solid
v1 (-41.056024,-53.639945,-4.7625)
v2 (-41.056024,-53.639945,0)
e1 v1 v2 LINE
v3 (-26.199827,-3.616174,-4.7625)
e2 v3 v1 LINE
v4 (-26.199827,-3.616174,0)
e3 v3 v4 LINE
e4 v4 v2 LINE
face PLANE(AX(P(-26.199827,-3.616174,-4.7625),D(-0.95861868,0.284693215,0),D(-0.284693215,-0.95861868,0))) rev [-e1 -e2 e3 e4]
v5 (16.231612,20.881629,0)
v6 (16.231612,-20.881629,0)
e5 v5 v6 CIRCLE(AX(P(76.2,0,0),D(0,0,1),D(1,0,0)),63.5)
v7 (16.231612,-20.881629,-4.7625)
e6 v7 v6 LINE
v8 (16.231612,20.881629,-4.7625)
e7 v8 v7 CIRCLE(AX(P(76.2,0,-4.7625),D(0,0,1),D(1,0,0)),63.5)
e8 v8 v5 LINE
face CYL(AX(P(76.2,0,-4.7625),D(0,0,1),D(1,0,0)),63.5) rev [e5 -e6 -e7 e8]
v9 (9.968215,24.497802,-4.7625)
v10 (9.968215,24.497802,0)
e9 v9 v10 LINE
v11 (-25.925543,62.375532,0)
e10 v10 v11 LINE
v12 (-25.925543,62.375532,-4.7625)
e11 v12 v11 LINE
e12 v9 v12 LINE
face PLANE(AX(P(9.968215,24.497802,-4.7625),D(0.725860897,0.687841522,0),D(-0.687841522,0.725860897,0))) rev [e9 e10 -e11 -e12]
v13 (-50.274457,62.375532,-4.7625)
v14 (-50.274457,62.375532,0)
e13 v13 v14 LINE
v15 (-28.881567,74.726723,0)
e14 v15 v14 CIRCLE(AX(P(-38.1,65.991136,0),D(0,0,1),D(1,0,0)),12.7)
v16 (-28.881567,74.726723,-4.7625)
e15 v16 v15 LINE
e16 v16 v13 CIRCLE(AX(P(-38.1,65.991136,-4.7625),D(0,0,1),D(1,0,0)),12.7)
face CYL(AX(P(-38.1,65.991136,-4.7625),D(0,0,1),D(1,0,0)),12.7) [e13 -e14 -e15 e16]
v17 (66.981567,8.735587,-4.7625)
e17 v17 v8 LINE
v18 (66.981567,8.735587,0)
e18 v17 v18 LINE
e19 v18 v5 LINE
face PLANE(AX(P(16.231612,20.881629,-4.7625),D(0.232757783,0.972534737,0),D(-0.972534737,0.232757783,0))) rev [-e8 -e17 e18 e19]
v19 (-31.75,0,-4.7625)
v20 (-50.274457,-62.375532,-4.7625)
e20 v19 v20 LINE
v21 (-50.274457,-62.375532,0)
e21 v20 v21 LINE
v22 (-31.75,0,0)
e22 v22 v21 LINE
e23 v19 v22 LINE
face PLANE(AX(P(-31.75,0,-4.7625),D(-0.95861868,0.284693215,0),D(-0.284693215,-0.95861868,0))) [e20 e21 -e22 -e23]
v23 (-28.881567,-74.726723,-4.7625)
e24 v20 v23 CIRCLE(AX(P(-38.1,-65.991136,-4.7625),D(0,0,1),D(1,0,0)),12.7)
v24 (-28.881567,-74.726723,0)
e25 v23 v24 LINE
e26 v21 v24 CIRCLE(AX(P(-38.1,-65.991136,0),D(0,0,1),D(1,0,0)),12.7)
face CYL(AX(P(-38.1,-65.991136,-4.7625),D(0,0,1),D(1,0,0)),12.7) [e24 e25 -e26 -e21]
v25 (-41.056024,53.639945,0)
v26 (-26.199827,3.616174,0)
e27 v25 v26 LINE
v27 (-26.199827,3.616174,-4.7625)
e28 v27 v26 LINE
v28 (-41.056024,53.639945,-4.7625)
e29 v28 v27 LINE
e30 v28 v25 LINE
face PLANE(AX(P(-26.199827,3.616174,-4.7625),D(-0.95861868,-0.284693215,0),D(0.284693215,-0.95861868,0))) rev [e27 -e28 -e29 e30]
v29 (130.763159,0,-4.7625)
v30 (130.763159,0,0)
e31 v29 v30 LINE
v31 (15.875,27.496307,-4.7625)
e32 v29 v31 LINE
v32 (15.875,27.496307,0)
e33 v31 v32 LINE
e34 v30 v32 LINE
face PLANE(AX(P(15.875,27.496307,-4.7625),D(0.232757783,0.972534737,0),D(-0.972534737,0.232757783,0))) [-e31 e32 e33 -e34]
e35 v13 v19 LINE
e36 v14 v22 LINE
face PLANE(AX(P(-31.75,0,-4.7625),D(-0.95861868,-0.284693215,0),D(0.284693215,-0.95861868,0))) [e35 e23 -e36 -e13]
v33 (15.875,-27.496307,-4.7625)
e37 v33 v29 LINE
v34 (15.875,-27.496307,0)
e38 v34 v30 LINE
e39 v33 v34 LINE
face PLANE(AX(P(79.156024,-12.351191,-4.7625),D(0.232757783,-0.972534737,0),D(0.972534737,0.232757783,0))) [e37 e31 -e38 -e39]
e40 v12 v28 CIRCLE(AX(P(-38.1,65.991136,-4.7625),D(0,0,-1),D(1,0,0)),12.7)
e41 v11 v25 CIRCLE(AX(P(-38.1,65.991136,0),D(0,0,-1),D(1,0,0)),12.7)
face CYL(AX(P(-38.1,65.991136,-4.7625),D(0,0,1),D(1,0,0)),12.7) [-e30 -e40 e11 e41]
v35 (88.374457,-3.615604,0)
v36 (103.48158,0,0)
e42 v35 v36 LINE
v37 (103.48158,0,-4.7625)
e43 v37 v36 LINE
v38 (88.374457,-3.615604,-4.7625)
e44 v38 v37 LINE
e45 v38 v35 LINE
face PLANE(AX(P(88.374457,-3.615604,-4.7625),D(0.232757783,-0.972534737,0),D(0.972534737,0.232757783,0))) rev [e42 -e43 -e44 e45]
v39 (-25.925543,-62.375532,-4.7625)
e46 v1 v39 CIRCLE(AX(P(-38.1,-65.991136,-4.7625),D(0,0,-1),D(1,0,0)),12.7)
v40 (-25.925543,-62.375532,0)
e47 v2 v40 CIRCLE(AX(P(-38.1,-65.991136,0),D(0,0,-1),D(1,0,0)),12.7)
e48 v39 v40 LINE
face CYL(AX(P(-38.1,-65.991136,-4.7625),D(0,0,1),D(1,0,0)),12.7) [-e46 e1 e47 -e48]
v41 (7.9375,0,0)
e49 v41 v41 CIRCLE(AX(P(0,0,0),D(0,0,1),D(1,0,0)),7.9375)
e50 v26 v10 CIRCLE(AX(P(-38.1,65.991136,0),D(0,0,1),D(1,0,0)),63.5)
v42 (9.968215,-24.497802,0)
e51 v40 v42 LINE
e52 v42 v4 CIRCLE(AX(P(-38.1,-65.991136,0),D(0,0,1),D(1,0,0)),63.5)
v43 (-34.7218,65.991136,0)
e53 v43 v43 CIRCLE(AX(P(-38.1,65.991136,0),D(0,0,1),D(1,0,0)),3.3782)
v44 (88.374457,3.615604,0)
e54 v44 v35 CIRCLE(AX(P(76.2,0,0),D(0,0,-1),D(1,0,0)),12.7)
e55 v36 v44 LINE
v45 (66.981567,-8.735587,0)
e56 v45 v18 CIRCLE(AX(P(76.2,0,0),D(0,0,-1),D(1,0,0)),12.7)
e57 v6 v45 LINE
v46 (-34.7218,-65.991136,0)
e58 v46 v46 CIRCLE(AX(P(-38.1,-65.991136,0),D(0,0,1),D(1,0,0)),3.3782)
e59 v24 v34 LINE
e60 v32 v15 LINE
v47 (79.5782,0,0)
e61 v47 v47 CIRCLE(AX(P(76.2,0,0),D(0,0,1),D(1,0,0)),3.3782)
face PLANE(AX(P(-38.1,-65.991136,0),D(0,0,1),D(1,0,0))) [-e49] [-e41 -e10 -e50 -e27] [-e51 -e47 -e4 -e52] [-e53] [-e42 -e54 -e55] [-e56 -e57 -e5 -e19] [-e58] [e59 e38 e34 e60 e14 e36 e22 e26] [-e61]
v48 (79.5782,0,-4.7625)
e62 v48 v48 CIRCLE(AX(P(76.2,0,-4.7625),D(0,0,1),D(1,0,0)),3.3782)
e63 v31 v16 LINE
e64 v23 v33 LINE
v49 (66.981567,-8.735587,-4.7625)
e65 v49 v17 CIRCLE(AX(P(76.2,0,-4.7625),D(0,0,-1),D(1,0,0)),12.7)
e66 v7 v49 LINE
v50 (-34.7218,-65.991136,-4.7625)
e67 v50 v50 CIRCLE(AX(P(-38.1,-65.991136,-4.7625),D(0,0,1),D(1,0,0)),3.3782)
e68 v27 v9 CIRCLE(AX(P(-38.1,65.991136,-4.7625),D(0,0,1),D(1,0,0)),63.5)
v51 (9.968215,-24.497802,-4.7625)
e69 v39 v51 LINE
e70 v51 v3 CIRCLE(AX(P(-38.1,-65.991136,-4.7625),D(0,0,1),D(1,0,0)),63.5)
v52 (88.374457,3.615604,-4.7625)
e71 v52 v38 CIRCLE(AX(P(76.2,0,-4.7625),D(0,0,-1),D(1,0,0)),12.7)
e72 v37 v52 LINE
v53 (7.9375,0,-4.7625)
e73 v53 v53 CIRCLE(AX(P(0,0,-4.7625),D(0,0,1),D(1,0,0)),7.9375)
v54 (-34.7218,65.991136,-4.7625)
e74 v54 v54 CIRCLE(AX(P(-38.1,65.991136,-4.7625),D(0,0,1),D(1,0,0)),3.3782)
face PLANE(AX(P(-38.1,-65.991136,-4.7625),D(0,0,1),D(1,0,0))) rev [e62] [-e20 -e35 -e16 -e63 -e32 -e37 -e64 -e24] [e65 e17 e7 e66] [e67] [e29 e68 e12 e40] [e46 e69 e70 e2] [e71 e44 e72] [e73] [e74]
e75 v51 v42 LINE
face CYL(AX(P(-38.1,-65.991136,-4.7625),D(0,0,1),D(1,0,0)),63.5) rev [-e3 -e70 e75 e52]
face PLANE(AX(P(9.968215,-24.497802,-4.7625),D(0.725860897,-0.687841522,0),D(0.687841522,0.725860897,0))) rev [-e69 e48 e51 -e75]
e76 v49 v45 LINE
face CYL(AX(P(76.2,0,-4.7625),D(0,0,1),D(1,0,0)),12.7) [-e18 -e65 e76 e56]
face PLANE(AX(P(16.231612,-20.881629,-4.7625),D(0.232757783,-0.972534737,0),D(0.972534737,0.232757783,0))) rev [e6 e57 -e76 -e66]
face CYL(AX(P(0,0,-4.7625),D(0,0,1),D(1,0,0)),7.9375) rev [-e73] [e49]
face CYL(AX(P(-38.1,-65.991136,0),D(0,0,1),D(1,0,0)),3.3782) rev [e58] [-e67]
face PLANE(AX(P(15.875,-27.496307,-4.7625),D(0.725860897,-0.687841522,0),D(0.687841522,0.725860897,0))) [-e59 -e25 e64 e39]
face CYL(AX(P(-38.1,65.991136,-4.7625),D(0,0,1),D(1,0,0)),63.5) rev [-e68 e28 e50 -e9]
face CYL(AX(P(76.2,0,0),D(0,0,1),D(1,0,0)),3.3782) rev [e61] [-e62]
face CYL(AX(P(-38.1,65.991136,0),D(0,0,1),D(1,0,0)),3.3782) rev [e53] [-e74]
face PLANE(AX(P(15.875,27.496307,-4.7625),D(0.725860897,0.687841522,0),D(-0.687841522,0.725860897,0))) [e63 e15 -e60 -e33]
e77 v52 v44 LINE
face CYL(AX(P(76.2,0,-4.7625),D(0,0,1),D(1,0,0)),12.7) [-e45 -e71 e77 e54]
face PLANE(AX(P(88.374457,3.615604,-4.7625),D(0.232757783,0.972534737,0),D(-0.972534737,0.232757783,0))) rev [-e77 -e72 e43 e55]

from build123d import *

# Parameters (mm, degrees)
SKETCH1_R                = 7.9375
BOSS_EXTRUDE1_DEPTH      = 4.7625
H_0_266_DIAMETER_HOLE1_D = 6.7564


with BuildPart() as part:
    # Sketch1 → Boss-Extrude1 (new body)
    with BuildSketch(Plane.XY):
        with BuildLine():
            Line((-31.75, 0), (-50.274457233, 62.375531935))
            ThreePointArc((-50.274457233, 62.375531935), (-44.45, 76.989658396), (-28.881566614, 74.726723093))
            Line((-28.881566614, 74.726723093), (15.875, 27.49630657))
            Line((15.875, 27.49630657), (78.9111987, 12.409785423))
            Line((78.9111987, 12.409785423), (130.763159277, 0))
            Line((130.763159277, 0), (79.156023847, -12.351191158))
            Line((79.156023847, -12.351191158), (15.875, -27.49630657))
            Line((15.875, -27.49630657), (-28.881566614, -74.726723093))
            ThreePointArc((-28.881566614, -74.726723093), (-44.45, -76.989658396), (-50.274457233, -62.375531935))
            Line((-50.274457233, -62.375531935), (-31.75, 0))
        make_face()
        Circle(SKETCH1_R, mode=Mode.SUBTRACT)
        with BuildLine():
            Line((9.968214912, 24.497802386), (-25.925542767, 62.375531935))
            ThreePointArc((-25.925542767, 62.375531935), (-31.75, 54.99261314), (-41.056023847, 53.639944611))
            Line((-41.056023847, 53.639944611), (-26.199826659, 3.616173849))
            ThreePointArc((-26.199826659, 3.616173849), (-6.35, 10.998522628), (9.968214912, 24.497802386))
        make_face(mode=Mode.SUBTRACT)
        with BuildLine():
            Line((16.231611747, 20.881628537), (66.981566614, 8.735587325))
            ThreePointArc((66.981566614, 8.735587325), (63.5, 0), (66.981566614, -8.735587325))
            Line((66.981566614, -8.735587325), (16.231611747, -20.881628537))
            ThreePointArc((16.231611747, -20.881628537), (12.7, 0), (16.231611747, 20.881628537))
        make_face(mode=Mode.SUBTRACT)
        with BuildLine():
            Line((88.374457233, 3.615603833), (103.481579639, 0))
            Line((103.481579639, 0), (88.374457233, -3.615603833))
            ThreePointArc((88.374457233, -3.615603833), (88.9, 0), (88.374457233, 3.615603833))
        make_face(mode=Mode.SUBTRACT)
        with BuildLine():
            Line((9.968214912, -24.497802386), (-25.925542767, -62.375531935))
            ThreePointArc((-25.925542767, -62.375531935), (-31.75, -54.99261314), (-41.056023847, -53.639944611))
            Line((-41.056023847, -53.639944611), (-26.199826659, -3.616173849))
            ThreePointArc((-26.199826659, -3.616173849), (-6.35, -10.998522628), (9.968214912, -24.497802386))
        make_face(mode=Mode.SUBTRACT)
    extrude(amount=-BOSS_EXTRUDE1_DEPTH)

    # H (0.266) Diameter Hole1 (through all)
    with Locations(Plane.XY):
        with Locations((76.2, 0), (-38.1, 65.991135768), (-38.1, -65.991135768)):
            Hole(H_0_266_DIAMETER_HOLE1_D / 2)


solid = part.part
